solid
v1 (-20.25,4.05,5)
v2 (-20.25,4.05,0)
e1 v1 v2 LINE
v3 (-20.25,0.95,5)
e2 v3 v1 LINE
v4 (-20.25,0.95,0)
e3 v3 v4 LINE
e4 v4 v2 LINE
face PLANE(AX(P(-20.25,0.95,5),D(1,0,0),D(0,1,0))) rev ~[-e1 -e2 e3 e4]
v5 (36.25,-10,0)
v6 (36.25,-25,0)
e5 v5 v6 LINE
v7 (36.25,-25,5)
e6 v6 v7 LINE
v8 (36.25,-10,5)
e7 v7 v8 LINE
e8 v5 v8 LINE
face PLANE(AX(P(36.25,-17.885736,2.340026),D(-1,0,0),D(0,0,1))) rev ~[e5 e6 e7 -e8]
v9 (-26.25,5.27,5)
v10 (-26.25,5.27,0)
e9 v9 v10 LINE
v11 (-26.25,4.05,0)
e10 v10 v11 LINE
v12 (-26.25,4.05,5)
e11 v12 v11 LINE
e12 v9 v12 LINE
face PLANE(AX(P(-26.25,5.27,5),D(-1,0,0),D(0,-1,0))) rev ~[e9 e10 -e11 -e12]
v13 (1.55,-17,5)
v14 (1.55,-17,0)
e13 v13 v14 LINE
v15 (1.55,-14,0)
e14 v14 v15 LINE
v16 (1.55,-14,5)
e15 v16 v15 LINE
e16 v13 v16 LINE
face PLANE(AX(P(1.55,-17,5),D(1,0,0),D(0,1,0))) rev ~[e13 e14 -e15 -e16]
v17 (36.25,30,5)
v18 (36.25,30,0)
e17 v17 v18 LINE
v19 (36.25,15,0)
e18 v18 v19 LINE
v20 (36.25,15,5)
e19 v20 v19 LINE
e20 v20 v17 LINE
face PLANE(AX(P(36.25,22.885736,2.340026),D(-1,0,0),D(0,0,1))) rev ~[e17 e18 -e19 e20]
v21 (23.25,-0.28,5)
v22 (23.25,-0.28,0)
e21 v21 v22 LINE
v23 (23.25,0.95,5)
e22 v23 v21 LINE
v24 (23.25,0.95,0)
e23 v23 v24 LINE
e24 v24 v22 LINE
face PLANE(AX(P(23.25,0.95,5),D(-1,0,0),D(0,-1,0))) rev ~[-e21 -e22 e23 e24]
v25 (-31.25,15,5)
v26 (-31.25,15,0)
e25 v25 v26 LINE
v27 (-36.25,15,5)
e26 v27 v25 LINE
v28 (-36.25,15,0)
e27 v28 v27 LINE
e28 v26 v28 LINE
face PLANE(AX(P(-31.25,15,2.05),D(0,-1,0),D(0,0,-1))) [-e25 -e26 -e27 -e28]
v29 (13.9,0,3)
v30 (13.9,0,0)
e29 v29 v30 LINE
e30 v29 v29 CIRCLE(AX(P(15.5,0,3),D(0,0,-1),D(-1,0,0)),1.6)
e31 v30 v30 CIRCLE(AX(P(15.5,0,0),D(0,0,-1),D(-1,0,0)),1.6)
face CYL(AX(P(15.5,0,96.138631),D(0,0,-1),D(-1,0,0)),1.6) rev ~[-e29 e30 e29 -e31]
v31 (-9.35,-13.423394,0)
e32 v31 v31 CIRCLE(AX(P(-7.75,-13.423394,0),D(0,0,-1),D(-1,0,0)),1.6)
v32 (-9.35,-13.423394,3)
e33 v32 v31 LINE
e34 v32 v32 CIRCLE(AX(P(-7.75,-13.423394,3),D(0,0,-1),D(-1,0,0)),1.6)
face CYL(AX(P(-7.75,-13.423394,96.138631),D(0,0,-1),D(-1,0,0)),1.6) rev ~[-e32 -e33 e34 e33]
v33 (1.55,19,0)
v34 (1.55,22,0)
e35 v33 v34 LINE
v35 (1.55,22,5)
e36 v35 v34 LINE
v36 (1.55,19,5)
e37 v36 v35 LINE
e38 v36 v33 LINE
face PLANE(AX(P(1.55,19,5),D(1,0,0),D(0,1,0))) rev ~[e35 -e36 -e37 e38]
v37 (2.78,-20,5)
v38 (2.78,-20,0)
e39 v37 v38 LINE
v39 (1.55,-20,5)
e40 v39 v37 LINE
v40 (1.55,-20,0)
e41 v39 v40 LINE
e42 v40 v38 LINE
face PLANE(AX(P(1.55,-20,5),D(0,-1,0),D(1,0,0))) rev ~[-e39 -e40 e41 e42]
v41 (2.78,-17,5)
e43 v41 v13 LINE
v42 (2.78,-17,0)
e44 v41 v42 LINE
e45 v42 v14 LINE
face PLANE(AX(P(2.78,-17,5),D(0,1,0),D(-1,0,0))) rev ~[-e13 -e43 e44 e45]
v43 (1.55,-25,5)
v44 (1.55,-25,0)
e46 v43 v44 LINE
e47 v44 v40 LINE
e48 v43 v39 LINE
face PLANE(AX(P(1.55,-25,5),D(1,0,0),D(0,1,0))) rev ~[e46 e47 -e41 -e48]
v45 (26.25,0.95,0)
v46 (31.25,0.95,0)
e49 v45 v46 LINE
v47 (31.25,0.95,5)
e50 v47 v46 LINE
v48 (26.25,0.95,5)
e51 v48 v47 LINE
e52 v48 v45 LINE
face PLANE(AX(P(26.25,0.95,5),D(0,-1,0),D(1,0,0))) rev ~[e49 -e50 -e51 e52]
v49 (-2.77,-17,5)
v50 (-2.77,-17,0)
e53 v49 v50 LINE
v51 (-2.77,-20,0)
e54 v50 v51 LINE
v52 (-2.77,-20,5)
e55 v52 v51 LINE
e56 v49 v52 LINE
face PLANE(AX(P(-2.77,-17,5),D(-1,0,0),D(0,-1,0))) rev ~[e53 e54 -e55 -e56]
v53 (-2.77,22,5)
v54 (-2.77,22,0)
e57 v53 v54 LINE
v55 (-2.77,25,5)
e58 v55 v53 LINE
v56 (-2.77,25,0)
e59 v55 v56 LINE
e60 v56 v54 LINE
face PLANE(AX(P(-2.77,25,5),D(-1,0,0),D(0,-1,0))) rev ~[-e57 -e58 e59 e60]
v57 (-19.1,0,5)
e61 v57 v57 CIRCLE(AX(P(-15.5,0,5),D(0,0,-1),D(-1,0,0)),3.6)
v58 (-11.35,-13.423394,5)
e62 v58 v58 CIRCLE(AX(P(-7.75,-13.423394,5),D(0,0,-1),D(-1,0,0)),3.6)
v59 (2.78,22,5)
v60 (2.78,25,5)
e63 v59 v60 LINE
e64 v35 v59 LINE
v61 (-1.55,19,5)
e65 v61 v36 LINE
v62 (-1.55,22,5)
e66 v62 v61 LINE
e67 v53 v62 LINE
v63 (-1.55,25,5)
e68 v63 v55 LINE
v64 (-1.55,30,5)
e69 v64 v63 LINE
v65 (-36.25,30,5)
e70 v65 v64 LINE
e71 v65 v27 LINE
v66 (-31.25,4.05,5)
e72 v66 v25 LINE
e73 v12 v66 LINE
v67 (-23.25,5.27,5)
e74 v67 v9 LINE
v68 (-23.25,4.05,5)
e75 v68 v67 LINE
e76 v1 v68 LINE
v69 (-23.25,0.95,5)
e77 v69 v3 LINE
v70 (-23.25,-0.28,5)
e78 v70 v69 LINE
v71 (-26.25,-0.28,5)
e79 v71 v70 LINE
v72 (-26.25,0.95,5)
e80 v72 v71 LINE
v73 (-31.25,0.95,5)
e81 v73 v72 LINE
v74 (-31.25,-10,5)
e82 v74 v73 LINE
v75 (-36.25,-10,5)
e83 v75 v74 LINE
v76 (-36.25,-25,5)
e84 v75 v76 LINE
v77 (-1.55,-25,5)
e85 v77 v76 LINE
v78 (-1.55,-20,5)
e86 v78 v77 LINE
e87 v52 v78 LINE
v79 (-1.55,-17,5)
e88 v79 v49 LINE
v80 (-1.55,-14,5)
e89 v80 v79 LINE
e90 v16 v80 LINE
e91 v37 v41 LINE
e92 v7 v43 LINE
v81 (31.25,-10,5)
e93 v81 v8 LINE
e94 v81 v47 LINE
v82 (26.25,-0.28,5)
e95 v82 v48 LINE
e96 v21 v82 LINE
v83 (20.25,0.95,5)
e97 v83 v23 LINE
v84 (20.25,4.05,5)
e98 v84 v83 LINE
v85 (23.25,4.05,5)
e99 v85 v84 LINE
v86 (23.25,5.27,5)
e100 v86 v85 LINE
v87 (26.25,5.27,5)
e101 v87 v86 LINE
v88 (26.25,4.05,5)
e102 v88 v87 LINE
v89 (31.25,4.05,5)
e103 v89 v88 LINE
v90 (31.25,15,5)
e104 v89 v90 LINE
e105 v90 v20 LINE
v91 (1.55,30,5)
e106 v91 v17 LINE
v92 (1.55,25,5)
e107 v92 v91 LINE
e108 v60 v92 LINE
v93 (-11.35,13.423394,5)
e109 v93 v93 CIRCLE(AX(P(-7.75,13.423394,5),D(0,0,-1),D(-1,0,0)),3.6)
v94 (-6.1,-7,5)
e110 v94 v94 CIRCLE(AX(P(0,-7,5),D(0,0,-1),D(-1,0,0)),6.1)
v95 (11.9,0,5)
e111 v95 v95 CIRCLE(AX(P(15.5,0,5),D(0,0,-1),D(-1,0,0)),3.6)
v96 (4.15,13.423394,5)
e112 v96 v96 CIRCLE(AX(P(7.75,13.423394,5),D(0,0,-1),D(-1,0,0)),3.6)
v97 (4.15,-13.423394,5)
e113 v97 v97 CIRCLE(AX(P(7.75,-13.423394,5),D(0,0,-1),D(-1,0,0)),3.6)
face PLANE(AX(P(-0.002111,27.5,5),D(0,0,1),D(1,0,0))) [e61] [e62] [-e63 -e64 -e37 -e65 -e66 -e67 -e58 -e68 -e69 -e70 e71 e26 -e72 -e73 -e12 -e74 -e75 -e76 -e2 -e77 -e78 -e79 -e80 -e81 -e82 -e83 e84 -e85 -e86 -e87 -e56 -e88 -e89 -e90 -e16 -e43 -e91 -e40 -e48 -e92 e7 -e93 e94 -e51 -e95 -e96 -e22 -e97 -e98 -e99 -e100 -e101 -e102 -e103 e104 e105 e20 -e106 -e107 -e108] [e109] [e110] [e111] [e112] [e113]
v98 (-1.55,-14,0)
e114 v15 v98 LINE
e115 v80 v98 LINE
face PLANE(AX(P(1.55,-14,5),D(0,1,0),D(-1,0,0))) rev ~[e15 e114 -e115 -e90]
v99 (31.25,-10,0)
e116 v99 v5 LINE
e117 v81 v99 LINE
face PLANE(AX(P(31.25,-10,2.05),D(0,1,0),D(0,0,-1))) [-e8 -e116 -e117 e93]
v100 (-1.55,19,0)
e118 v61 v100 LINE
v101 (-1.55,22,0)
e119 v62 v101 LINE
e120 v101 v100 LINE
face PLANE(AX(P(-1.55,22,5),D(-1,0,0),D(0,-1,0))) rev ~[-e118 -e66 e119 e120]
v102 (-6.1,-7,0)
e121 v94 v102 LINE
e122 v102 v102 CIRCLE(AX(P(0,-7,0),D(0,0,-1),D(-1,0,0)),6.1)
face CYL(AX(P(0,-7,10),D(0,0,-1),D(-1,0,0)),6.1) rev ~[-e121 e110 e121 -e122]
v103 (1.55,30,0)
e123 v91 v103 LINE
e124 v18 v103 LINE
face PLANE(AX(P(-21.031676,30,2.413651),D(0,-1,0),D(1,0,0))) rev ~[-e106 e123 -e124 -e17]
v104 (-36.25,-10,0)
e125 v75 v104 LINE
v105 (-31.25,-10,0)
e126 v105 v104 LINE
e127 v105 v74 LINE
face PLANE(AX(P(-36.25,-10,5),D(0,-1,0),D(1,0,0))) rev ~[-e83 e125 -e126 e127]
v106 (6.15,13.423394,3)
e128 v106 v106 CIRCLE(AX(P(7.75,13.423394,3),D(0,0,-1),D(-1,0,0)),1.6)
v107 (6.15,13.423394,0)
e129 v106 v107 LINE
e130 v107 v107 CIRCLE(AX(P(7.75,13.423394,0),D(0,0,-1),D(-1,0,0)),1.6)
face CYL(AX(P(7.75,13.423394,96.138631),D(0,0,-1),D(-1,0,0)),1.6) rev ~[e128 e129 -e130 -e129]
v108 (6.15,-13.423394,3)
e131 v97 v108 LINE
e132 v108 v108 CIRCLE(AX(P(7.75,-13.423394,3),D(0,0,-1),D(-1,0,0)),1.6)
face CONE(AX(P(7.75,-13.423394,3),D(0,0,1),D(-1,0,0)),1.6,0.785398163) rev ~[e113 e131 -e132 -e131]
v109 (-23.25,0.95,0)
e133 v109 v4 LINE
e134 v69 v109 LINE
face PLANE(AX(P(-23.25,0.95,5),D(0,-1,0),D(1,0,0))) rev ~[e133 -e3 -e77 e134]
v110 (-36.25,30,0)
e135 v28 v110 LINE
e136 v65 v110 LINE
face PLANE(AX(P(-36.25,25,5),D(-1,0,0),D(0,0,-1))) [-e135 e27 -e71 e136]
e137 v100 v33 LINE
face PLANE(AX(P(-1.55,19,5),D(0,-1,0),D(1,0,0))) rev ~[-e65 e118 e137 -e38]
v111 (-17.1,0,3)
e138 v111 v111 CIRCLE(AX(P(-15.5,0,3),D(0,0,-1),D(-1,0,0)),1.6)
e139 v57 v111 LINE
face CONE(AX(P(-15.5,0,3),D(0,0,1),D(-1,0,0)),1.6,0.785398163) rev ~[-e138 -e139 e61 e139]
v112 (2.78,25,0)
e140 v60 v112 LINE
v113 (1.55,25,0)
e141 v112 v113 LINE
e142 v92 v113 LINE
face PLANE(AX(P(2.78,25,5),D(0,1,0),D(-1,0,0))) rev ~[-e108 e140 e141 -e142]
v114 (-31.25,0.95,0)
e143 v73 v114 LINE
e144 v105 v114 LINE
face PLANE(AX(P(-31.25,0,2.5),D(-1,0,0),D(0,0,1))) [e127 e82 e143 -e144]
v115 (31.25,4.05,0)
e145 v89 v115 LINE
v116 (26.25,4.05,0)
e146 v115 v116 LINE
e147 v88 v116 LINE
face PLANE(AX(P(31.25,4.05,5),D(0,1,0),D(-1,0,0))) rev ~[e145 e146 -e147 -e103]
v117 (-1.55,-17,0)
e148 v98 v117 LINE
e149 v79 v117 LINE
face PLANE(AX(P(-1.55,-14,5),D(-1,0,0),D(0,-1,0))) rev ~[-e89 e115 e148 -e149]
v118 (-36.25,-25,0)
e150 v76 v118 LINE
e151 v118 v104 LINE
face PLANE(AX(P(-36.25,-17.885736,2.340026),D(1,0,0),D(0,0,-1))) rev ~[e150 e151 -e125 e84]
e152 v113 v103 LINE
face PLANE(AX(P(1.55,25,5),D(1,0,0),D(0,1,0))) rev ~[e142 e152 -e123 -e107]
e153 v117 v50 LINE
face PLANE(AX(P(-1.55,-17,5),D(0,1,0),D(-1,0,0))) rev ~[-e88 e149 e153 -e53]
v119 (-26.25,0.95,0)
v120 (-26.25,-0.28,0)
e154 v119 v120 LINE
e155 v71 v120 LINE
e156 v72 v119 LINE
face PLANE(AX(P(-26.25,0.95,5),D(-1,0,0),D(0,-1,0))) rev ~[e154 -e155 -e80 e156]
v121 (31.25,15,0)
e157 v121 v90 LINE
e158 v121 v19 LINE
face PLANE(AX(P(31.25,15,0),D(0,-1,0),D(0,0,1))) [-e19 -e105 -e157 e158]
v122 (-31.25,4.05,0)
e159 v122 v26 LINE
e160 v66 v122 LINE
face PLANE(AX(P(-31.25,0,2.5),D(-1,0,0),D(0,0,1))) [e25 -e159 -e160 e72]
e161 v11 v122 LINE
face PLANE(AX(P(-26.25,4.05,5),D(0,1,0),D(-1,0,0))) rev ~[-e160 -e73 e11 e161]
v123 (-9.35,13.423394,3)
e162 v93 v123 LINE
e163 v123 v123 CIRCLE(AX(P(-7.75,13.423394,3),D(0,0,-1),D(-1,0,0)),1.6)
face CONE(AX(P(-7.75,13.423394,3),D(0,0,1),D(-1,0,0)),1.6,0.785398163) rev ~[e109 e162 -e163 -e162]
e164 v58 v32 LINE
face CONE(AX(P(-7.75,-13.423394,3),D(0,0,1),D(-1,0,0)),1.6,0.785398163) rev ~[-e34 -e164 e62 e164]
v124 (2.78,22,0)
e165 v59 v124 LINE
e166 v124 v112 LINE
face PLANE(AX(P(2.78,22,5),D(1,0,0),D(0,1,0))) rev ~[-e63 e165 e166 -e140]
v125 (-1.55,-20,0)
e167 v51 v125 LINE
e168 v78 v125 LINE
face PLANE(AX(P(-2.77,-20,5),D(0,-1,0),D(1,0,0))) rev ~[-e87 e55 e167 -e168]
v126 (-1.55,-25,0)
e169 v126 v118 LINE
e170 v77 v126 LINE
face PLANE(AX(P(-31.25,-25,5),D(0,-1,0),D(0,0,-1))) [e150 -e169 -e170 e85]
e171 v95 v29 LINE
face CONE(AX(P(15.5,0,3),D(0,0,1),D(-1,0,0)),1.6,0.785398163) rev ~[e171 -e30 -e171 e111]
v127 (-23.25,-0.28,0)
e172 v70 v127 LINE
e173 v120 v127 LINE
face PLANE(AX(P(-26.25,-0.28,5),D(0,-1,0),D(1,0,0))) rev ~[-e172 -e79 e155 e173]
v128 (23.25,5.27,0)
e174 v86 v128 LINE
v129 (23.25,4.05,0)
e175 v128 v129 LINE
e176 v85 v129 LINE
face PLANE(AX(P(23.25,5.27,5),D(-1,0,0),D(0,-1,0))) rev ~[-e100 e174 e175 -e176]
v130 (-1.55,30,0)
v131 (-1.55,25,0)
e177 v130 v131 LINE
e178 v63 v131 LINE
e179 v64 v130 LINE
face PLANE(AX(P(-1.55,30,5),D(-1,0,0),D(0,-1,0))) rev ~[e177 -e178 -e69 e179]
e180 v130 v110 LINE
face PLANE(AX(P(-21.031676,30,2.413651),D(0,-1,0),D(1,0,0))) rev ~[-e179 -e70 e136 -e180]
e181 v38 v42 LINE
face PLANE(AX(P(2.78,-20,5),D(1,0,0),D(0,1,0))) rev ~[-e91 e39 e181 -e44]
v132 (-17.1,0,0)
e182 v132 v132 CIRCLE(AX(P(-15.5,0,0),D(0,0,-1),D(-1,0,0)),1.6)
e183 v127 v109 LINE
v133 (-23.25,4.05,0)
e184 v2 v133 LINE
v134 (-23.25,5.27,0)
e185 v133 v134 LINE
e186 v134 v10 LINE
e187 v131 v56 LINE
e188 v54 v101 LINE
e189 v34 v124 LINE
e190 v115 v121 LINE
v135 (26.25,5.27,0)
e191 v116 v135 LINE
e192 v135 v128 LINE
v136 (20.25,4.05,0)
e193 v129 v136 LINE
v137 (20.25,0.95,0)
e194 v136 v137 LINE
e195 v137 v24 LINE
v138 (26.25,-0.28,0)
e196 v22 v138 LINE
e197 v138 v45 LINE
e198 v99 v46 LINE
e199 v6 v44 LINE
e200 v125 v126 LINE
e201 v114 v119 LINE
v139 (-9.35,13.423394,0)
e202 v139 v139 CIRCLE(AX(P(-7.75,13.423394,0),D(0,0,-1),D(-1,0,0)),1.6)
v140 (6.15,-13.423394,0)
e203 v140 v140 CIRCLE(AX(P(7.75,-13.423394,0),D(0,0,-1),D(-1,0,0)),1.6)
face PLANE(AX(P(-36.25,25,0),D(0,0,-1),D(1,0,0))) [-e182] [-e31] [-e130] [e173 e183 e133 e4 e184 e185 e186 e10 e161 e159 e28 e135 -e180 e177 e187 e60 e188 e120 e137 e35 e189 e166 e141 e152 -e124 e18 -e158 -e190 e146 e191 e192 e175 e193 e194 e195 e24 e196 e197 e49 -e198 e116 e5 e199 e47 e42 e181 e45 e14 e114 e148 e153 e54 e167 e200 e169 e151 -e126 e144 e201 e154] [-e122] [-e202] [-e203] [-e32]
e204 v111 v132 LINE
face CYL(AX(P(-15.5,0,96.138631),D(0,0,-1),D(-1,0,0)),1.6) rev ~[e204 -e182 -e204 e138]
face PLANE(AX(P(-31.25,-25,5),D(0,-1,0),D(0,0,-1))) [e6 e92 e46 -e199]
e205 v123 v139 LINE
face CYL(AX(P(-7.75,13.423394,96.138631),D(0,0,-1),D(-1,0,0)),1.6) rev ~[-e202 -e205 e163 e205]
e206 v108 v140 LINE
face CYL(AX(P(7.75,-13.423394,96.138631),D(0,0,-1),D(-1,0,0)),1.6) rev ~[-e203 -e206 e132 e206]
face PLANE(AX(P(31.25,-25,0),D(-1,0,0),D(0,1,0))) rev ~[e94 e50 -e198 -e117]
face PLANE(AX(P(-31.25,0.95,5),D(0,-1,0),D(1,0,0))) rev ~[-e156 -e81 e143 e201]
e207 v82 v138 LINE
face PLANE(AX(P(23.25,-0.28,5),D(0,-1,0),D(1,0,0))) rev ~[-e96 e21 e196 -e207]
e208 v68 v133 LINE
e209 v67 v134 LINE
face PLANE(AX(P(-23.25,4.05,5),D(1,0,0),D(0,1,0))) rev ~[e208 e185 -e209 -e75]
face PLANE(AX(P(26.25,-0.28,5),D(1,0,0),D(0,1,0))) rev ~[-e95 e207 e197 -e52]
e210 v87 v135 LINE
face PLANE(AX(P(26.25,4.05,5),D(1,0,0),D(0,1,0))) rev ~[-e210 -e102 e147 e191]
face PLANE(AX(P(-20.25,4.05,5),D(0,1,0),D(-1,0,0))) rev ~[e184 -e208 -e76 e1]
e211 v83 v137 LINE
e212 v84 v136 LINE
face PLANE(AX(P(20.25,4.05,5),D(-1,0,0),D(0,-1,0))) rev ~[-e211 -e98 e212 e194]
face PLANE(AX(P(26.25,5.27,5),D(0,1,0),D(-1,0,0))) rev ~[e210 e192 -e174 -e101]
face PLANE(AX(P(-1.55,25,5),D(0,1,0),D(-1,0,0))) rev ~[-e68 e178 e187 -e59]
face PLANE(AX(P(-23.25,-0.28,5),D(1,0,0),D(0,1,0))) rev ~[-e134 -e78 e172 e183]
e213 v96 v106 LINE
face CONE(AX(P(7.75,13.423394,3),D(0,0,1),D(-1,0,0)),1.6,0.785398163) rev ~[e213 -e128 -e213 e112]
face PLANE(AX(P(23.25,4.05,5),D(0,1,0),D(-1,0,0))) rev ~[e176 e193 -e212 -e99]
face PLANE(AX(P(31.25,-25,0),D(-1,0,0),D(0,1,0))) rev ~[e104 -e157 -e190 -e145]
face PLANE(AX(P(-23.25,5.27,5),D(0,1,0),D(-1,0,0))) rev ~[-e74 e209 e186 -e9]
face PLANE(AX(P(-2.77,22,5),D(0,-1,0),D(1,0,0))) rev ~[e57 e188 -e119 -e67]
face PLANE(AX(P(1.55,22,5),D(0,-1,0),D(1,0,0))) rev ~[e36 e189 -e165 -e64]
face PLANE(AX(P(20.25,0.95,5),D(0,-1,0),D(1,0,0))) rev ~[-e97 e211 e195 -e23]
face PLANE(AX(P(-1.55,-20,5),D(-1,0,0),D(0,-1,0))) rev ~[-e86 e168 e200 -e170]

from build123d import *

# Parameters (mm, degrees)
ESQUISSE1_W                           = 26.253582595
ESQUISSE1_H                           = 55
BOSS_EXTRU_1_DEPTH                    = 5
BOSS_EXTRU_2_DEPTH                    = 5
BOSS_EXTRU_3_DEPTH                    = 5
ENL_V_MAT_EXTRU_1_DEPTH               = 5
ESQUISSE5_W                           = 5
ESQUISSE5_H                           = 50
BOSS_EXTRU_4_DEPTH                    = 36.246417405
BOSS_EXTRU_5_DEPTH                    = 5
BOSS_EXTRU_6_DEPTH                    = 5
BOSS_EXTRU_7_DEPTH                    = 5
DIAM_TRE_DU_PER_AGE_12_2_12_2_1_D     = 12.2
DIAM_TRE_DU_PER_AGE_12_2_12_2_1_DEPTH = 5
DIAM_TRE_DU_PER_AGE_3_2_3_2_1_D       = 3.2
CONG_1_R                              = 1.6
ESQUISSE13_W                          = 9.997056275
ESQUISSE13_H                          = 5
ESQUISSE13_W_2                        = 2.945778535
ESQUISSE13_W_3                        = 2.95
ESQUISSE13_W_4                        = 5
ESQUISSE13_H_2                        = 2.95
BOSS_EXTRU_8_DEPTH                    = 5
ENL_V_MAT_EXTRU_2_DEPTH               = 5
CHANFREIN1_SIZE                       = 2


with BuildPart() as part:
    # Esquisse1 → Boss.-Extru.1 (new body)
    with BuildSketch(Plane(origin=(0, 0, 0), x_dir=(-1, 0, 0), z_dir=(0, 0, -1))):
        with Locations((-18.123208703, 2.5)):
            Rectangle(ESQUISSE1_W, ESQUISSE1_H)
    extrude(amount=-BOSS_EXTRU_1_DEPTH)

    # Esquisse2 → Boss.-Extru.2 (add)
    with BuildSketch(Plane(origin=(31.25, 0, 0), x_dir=(0, 0, -1), z_dir=(1, 0, 0))):
        Polygon((0, 15), (-2.05, 15), (-5, 17.95), (-5, 30), (0, 30), align=None)
    extrude(amount=BOSS_EXTRU_2_DEPTH)

    # Esquisse3 → Boss.-Extru.3 (add)
    with BuildSketch(Plane(origin=(31.25, 0, 0), x_dir=(0, 0, -1), z_dir=(1, 0, 0))):
        Polygon((-5, -12.95), (-2.05, -10), (0, -10), (0, -25), (-5, -25), align=None)
    extrude(amount=BOSS_EXTRU_3_DEPTH)

    # Esquisse4 → Enlèv. mat.-Extru.1 (cut)
    with BuildSketch(Plane(origin=(0, 30, 0), x_dir=(-1, 0, 0), z_dir=(0, 1, 0))):
        Polygon((-4.996417405, 5), (-7.946417405, 5), (-4.996417405, 2.05), align=None)
    extrude(amount=-ENL_V_MAT_EXTRU_1_DEPTH, mode=Mode.SUBTRACT)

    # Esquisse5 → Boss.-Extru.4 (add)
    with BuildSketch(Plane.ZY.offset(-4.996417405)):
        with Locations((2.5, 0)):
            Rectangle(ESQUISSE5_W, ESQUISSE5_H)
    extrude(amount=BOSS_EXTRU_4_DEPTH)

    # Esquisse6 → Boss.-Extru.5 (add)
    with BuildSketch(Plane.ZY.offset(31.25)):
        Polygon((0, -25), (0, -10), (2.05, -10), (5, -12.95), (5, -25), align=None)
    extrude(amount=BOSS_EXTRU_5_DEPTH)

    # Esquisse7 → Boss.-Extru.6 (add)
    with BuildSketch(Plane.ZY.offset(31.25)):
        Polygon((0, 25), (5, 25), (5, 17.95), (2.05, 15), (0, 15), align=None)
    extrude(amount=BOSS_EXTRU_6_DEPTH)

    # Esquisse8 → Boss.-Extru.7 (add)
    with BuildSketch(Plane(origin=(0, 25, 0), x_dir=(-1, 0, 0), z_dir=(0, 1, 0))):
        Polygon((5.00063887, 2.054221466), (7.946417405, 5), (36.25, 5), (36.25, 0), (5.00063887, 0), align=None)
    extrude(amount=BOSS_EXTRU_7_DEPTH)

    # Diamètre du perçage Ø12.2 (12.2)1
    with Locations(Plane.XY.offset(5)):
        with Locations((0, -7)):
            Hole(DIAM_TRE_DU_PER_AGE_12_2_12_2_1_D / 2, depth=DIAM_TRE_DU_PER_AGE_12_2_12_2_1_DEPTH)

    # Diamètre du perçage Ø3.2 (3.2)1 (through all)
    with Locations(Plane.XY.offset(5)):
        with Locations((-7.75, -13.423393759), (15.5, 0), (-7.75, 13.423393759), (7.75, 13.423393759), (7.75, -13.423393759), (-15.5, 0)):
            Hole(DIAM_TRE_DU_PER_AGE_3_2_3_2_1_D / 2)

    # Congé1
    cong_1_edges = [part.edges().sort_by_distance(p)[0] for p in [
        (-5.00063887, 27.5, 2.054221466),
        (33.75, 15, 2.05),
        (33.75, -10, 2.05),
        (4.996417405, 27.5, 2.05),
        (-33.75, -10, 2.05),
        (-33.75, 15, 2.05),
    ]]
    fillet(cong_1_edges, radius=CONG_1_R)

    # Esquisse13 → Boss.-Extru.8 (add)
    with BuildSketch(Plane.XY.offset(5)):
        with Locations((-0.002110733, 27.5)):
            Rectangle(ESQUISSE13_W, ESQUISSE13_H)
        with Locations((-6.473528138, 27.5)):
            Rectangle(ESQUISSE13_W_2, ESQUISSE13_H)
        with Locations((6.471417405, 27.5)):
            Rectangle(ESQUISSE13_W_3, ESQUISSE13_H)
        with Locations((33.75, 16.475)):
            Rectangle(ESQUISSE13_W_4, ESQUISSE13_H_2)
        with Locations((33.75, -11.475)):
            Rectangle(ESQUISSE13_W_4, ESQUISSE13_H_2)
        with Locations((-33.75, -11.475)):
            Rectangle(ESQUISSE13_W_4, ESQUISSE13_H_2)
        with Locations((-33.75, 16.475)):
            Rectangle(ESQUISSE13_W_4, ESQUISSE13_H_2)
    extrude(amount=-BOSS_EXTRU_8_DEPTH)

    # Esquisse14 → Enlèv. mat.-Extru.2 (cut)
    with BuildSketch(Plane.XY.offset(5)):
        Polygon((-1.55, 19), (1.55, 19), (1.55, 22), (2.78, 22), (2.78, 25), (1.55, 25), (1.55, 30), (-1.55, 30), (-1.55, 25), (-2.77, 25), (-2.77, 22), (-1.55, 22), align=None)
        Polygon((-23.25, 0.95), (-20.25, 0.95), (-20.25, 4.05), (-23.25, 4.05), (-23.25, 5.27), (-26.25, 5.27), (-26.25, 4.05), (-31.25, 4.05), (-31.25, 0.95), (-26.25, 0.95), (-26.25, -0.28), (-23.25, -0.28), align=None)
        Polygon((23.25, -0.28), (26.25, -0.28), (26.25, 0.95), (31.25, 0.95), (31.25, 4.05), (26.25, 4.05), (26.25, 5.27), (23.25, 5.27), (23.25, 4.05), (20.25, 4.05), (20.25, 0.95), (23.25, 0.95), align=None)
        Polygon((-1.55, -17), (-2.77, -17), (-2.77, -20), (-1.55, -20), (-1.55, -25), (1.55, -25), (1.55, -20), (2.78, -20), (2.78, -17), (1.55, -17), (1.55, -14), (-1.55, -14), align=None)
    extrude(amount=-ENL_V_MAT_EXTRU_2_DEPTH, mode=Mode.SUBTRACT)

    # Chanfrein1
    chanfrein1_edges = [part.edges().sort_by_distance(p)[0] for p in [
        (-13.9, 0, 5),
        (9.35, -13.423393759, 5),
        (9.35, 13.423393759, 5),
        (-6.15, 13.423393759, 5),
        (17.1, 0, 5),
        (-6.15, -13.423393759, 5),
    ]]
    chamfer(chanfrein1_edges, length=CHANFREIN1_SIZE)


solid = part.part
